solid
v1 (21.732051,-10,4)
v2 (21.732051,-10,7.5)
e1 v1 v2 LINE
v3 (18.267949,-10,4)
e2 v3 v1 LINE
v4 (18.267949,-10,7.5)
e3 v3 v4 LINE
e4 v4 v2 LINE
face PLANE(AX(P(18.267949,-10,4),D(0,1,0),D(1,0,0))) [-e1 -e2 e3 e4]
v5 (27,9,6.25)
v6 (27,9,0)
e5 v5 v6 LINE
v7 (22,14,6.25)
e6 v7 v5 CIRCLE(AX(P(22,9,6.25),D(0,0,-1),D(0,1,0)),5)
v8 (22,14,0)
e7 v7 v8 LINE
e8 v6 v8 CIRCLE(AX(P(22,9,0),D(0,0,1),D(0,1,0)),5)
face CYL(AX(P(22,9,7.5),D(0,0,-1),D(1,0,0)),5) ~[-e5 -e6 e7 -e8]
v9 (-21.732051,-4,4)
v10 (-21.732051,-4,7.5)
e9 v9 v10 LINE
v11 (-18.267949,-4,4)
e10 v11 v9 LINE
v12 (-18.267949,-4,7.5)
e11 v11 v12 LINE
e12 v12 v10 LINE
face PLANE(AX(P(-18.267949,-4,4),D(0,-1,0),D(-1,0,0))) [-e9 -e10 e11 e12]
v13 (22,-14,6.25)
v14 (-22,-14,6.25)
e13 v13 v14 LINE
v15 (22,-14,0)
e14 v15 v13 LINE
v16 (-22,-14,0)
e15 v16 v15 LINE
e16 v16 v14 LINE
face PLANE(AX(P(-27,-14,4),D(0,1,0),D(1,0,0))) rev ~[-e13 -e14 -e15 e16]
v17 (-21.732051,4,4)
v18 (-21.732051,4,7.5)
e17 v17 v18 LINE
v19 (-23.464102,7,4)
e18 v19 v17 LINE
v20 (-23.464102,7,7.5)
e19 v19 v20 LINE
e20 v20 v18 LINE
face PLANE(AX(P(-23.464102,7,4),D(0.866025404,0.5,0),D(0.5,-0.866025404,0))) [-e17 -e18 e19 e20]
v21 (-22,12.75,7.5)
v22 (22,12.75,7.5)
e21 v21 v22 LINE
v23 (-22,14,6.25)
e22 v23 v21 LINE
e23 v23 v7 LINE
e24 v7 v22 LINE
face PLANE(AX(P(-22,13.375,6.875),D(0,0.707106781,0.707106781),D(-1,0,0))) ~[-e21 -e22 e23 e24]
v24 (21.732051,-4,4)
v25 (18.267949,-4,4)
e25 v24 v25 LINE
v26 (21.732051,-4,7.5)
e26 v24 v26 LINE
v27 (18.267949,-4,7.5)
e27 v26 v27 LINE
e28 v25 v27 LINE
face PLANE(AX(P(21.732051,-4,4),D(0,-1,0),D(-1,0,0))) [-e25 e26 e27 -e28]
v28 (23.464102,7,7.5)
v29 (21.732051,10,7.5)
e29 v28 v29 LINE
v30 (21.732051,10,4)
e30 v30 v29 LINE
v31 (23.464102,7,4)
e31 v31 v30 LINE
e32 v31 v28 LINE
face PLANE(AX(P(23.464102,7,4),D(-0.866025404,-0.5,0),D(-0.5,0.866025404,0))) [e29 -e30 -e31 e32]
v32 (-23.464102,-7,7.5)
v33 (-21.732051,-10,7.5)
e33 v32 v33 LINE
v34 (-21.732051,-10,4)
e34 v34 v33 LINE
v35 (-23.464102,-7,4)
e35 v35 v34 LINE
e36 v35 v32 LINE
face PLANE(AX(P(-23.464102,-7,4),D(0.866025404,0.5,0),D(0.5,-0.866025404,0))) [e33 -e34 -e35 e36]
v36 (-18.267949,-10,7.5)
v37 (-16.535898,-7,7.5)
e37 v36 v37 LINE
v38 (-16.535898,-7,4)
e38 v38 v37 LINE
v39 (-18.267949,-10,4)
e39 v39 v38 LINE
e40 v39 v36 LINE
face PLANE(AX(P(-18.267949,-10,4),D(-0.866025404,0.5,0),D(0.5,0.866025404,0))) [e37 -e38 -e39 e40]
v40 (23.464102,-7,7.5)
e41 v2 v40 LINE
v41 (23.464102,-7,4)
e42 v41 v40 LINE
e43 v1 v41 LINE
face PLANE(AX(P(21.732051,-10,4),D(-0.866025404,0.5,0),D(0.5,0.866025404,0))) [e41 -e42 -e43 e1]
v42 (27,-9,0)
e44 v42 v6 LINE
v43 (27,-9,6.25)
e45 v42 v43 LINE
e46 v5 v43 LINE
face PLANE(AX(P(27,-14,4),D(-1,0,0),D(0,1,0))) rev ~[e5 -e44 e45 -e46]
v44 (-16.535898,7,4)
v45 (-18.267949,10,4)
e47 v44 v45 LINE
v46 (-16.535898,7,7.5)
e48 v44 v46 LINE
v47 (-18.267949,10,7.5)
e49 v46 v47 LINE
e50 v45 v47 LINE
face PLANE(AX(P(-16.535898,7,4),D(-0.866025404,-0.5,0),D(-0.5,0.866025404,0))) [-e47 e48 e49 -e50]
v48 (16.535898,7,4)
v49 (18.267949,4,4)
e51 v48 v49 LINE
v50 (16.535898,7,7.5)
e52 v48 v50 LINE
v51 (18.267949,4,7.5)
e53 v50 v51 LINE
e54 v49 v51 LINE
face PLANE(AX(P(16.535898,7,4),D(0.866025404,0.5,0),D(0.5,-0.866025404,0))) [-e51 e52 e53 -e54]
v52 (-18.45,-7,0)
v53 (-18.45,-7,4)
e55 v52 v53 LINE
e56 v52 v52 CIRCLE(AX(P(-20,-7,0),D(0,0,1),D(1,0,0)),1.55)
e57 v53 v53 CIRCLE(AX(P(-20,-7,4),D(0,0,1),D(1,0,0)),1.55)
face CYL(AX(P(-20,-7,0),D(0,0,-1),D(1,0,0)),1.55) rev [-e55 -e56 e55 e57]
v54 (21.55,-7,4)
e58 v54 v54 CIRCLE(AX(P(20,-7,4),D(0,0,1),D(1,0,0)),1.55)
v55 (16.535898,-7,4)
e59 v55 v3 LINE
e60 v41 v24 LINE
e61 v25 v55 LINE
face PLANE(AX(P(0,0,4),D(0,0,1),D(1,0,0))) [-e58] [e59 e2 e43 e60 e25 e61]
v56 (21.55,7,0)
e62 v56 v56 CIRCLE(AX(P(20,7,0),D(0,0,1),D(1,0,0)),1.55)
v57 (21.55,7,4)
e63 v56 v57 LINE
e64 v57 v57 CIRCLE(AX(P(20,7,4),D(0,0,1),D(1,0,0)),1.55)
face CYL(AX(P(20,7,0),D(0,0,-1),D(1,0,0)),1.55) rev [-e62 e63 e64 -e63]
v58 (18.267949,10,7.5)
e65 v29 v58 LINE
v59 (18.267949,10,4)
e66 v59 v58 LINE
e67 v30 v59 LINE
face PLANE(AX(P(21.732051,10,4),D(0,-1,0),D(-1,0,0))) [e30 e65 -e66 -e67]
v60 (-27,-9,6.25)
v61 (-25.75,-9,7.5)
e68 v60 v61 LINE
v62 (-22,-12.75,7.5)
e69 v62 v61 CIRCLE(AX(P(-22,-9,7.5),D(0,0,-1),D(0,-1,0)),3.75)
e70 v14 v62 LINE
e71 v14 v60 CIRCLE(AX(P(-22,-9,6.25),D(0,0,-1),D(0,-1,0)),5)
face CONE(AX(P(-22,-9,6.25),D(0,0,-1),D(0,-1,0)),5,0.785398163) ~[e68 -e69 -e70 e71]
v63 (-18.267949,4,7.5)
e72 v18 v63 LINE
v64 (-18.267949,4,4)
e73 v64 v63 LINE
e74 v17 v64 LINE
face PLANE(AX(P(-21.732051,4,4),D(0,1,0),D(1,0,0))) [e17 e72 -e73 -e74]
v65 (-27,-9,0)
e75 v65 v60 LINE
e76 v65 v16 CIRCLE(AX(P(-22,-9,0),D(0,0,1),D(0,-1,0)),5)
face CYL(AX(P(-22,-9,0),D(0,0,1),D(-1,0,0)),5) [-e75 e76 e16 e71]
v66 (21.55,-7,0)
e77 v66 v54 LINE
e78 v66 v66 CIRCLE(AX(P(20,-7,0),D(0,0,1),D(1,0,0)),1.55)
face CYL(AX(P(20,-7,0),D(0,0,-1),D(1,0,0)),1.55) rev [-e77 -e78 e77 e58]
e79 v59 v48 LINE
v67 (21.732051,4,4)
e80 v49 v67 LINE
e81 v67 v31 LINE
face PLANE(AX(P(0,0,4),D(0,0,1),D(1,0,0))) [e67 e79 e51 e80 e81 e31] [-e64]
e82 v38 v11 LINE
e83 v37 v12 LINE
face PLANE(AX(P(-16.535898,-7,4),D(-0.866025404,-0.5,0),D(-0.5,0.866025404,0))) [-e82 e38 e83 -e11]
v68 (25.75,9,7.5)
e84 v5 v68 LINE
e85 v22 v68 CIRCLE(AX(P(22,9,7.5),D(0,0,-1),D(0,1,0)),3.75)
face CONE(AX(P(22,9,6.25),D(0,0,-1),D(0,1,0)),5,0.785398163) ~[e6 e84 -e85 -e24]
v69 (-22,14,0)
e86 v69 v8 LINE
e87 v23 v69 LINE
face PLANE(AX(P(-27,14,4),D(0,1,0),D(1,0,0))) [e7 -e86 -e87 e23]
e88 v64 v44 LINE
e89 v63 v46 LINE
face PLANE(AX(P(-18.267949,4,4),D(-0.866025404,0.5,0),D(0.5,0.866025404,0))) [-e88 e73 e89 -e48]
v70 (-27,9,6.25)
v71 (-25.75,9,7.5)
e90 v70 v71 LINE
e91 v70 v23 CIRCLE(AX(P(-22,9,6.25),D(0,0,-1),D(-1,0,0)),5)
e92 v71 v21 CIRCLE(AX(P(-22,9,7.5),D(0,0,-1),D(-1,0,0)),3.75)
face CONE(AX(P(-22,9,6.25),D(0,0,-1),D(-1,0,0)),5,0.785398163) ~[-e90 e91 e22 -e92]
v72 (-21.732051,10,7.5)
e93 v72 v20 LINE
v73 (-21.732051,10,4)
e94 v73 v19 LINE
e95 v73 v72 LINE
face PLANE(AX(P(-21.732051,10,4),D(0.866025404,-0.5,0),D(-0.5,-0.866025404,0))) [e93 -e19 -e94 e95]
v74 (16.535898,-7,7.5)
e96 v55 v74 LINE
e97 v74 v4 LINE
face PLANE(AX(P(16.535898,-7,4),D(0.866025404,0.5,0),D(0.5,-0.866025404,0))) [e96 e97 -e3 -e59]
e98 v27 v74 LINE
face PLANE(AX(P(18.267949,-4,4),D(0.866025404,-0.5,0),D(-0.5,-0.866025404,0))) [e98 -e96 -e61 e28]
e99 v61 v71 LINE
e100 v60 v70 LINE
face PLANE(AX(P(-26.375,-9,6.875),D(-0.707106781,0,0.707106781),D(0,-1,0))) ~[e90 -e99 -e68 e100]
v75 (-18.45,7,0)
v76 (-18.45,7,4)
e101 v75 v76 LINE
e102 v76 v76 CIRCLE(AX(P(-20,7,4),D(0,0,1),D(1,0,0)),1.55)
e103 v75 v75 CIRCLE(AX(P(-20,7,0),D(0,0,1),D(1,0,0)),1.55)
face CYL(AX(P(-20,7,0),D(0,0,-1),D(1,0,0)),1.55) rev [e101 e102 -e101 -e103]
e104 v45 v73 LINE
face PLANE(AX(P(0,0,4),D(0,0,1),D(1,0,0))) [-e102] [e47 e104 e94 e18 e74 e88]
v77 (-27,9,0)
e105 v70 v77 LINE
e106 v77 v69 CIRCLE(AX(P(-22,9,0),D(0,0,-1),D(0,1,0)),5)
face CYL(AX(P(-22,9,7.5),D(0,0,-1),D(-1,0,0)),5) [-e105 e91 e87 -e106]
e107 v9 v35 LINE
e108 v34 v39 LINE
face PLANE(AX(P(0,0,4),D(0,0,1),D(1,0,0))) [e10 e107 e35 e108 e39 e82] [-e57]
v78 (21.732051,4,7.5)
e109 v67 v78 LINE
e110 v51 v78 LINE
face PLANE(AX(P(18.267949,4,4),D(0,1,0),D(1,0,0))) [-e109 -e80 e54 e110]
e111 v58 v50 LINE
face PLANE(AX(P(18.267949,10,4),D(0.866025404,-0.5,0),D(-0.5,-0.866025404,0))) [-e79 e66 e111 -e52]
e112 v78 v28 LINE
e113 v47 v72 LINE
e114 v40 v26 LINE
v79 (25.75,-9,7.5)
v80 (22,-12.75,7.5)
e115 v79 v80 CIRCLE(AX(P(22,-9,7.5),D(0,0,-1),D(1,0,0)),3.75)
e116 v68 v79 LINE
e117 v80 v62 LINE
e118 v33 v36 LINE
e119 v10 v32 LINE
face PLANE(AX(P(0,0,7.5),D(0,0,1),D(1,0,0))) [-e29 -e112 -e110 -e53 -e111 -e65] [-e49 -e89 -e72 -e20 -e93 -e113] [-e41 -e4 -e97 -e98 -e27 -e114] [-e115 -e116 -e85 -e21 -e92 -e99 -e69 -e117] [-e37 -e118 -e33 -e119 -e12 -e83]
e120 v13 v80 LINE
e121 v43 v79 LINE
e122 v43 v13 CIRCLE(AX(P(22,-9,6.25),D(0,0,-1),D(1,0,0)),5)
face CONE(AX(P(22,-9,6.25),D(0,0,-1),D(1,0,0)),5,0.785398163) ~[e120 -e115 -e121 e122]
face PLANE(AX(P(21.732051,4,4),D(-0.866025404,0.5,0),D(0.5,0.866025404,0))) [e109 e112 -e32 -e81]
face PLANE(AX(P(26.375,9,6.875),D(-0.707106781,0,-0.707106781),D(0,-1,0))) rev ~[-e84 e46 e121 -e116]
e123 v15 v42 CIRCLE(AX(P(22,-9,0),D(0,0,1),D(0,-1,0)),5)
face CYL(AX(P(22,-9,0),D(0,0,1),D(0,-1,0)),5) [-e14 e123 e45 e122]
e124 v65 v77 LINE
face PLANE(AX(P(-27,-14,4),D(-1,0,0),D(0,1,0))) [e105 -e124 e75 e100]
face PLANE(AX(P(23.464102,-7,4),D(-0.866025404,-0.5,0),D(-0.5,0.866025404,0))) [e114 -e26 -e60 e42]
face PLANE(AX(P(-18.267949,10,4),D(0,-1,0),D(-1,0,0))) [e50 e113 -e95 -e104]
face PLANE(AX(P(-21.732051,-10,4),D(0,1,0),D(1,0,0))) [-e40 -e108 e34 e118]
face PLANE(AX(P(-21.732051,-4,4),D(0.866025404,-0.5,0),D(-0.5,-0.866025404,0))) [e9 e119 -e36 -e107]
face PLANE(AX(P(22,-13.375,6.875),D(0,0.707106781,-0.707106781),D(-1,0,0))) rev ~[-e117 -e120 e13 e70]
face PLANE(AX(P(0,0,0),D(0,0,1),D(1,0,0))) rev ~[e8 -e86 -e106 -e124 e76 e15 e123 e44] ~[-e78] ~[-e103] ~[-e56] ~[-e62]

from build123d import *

# Parameters (mm, degrees)
BASE_W              = 54
BASE_H              = 28
BASE_R              = 1.55
BOSS_EXTRUDE1_DEPTH = 4
BOSS_EXTRUDE2_START = 4
BASE_3_W            = 54
BASE_3_H            = 28
BOSS_EXTRUDE2_DEPTH = 3.5
FILLET1_R           = 5
CHAMFER1_SIZE       = 1.25


with BuildPart() as part:
    # Base → Boss-Extrude1 (new body)
    with BuildSketch(Plane.XY):
        Rectangle(BASE_W, BASE_H)
        with Locations((-20, 7)):
            Circle(BASE_R, mode=Mode.SUBTRACT)
        with Locations((20, 7)):
            Circle(BASE_R, mode=Mode.SUBTRACT)
        with Locations((20, -7)):
            Circle(BASE_R, mode=Mode.SUBTRACT)
        with Locations((-20, -7)):
            Circle(BASE_R, mode=Mode.SUBTRACT)
    extrude(amount=BOSS_EXTRUDE1_DEPTH)

    # Base<3> → Boss-Extrude2 (add)
    with BuildSketch(Plane.XY.offset(BOSS_EXTRUDE2_START)):
        Rectangle(BASE_3_W, BASE_3_H)
        Polygon((-21.732050808, -10), (-18.267949192, -10), (-16.535898385, -7), (-18.267949192, -4), (-21.732050808, -4), (-23.464101615, -7), align=None, mode=Mode.SUBTRACT)
        Polygon((21.732050808, -10), (23.464101615, -7), (21.732050808, -4), (18.267949192, -4), (16.535898385, -7), (18.267949192, -10), align=None, mode=Mode.SUBTRACT)
        Polygon((21.732050808, 4), (23.464101615, 7), (21.732050808, 10), (18.267949192, 10), (16.535898385, 7), (18.267949192, 4), align=None, mode=Mode.SUBTRACT)
        Polygon((-18.267949192, 4), (-16.535898385, 7), (-18.267949192, 10), (-21.732050808, 10), (-23.464101615, 7), (-21.732050808, 4), align=None, mode=Mode.SUBTRACT)
    extrude(amount=BOSS_EXTRUDE2_DEPTH)

    # Fillet1
    fillet1_edges = [part.edges().sort_by_distance(p)[0] for p in [
        (27, 14, 3.75),
        (27, -14, 3.75),
        (-27, -14, 3.75),
        (-27, 14, 3.75),
    ]]
    fillet(fillet1_edges, radius=FILLET1_R)

    # Chamfer1
    chamfer1_edges = [part.edges().sort_by_distance(p)[0] for p in [
        (-27, 0, 7.5),
        (0, 14, 7.5),
        (0, -14, 7.5),
        (27, 0, 7.5),
        (-25.535533906, -12.535533906, 7.5),
        (25.535533906, -12.535533906, 7.5),
        (25.535533906, 12.535533906, 7.5),
        (-25.535533906, 12.535533906, 7.5),
    ]]
    chamfer(chamfer1_edges, length=CHAMFER1_SIZE)


solid = part.part
